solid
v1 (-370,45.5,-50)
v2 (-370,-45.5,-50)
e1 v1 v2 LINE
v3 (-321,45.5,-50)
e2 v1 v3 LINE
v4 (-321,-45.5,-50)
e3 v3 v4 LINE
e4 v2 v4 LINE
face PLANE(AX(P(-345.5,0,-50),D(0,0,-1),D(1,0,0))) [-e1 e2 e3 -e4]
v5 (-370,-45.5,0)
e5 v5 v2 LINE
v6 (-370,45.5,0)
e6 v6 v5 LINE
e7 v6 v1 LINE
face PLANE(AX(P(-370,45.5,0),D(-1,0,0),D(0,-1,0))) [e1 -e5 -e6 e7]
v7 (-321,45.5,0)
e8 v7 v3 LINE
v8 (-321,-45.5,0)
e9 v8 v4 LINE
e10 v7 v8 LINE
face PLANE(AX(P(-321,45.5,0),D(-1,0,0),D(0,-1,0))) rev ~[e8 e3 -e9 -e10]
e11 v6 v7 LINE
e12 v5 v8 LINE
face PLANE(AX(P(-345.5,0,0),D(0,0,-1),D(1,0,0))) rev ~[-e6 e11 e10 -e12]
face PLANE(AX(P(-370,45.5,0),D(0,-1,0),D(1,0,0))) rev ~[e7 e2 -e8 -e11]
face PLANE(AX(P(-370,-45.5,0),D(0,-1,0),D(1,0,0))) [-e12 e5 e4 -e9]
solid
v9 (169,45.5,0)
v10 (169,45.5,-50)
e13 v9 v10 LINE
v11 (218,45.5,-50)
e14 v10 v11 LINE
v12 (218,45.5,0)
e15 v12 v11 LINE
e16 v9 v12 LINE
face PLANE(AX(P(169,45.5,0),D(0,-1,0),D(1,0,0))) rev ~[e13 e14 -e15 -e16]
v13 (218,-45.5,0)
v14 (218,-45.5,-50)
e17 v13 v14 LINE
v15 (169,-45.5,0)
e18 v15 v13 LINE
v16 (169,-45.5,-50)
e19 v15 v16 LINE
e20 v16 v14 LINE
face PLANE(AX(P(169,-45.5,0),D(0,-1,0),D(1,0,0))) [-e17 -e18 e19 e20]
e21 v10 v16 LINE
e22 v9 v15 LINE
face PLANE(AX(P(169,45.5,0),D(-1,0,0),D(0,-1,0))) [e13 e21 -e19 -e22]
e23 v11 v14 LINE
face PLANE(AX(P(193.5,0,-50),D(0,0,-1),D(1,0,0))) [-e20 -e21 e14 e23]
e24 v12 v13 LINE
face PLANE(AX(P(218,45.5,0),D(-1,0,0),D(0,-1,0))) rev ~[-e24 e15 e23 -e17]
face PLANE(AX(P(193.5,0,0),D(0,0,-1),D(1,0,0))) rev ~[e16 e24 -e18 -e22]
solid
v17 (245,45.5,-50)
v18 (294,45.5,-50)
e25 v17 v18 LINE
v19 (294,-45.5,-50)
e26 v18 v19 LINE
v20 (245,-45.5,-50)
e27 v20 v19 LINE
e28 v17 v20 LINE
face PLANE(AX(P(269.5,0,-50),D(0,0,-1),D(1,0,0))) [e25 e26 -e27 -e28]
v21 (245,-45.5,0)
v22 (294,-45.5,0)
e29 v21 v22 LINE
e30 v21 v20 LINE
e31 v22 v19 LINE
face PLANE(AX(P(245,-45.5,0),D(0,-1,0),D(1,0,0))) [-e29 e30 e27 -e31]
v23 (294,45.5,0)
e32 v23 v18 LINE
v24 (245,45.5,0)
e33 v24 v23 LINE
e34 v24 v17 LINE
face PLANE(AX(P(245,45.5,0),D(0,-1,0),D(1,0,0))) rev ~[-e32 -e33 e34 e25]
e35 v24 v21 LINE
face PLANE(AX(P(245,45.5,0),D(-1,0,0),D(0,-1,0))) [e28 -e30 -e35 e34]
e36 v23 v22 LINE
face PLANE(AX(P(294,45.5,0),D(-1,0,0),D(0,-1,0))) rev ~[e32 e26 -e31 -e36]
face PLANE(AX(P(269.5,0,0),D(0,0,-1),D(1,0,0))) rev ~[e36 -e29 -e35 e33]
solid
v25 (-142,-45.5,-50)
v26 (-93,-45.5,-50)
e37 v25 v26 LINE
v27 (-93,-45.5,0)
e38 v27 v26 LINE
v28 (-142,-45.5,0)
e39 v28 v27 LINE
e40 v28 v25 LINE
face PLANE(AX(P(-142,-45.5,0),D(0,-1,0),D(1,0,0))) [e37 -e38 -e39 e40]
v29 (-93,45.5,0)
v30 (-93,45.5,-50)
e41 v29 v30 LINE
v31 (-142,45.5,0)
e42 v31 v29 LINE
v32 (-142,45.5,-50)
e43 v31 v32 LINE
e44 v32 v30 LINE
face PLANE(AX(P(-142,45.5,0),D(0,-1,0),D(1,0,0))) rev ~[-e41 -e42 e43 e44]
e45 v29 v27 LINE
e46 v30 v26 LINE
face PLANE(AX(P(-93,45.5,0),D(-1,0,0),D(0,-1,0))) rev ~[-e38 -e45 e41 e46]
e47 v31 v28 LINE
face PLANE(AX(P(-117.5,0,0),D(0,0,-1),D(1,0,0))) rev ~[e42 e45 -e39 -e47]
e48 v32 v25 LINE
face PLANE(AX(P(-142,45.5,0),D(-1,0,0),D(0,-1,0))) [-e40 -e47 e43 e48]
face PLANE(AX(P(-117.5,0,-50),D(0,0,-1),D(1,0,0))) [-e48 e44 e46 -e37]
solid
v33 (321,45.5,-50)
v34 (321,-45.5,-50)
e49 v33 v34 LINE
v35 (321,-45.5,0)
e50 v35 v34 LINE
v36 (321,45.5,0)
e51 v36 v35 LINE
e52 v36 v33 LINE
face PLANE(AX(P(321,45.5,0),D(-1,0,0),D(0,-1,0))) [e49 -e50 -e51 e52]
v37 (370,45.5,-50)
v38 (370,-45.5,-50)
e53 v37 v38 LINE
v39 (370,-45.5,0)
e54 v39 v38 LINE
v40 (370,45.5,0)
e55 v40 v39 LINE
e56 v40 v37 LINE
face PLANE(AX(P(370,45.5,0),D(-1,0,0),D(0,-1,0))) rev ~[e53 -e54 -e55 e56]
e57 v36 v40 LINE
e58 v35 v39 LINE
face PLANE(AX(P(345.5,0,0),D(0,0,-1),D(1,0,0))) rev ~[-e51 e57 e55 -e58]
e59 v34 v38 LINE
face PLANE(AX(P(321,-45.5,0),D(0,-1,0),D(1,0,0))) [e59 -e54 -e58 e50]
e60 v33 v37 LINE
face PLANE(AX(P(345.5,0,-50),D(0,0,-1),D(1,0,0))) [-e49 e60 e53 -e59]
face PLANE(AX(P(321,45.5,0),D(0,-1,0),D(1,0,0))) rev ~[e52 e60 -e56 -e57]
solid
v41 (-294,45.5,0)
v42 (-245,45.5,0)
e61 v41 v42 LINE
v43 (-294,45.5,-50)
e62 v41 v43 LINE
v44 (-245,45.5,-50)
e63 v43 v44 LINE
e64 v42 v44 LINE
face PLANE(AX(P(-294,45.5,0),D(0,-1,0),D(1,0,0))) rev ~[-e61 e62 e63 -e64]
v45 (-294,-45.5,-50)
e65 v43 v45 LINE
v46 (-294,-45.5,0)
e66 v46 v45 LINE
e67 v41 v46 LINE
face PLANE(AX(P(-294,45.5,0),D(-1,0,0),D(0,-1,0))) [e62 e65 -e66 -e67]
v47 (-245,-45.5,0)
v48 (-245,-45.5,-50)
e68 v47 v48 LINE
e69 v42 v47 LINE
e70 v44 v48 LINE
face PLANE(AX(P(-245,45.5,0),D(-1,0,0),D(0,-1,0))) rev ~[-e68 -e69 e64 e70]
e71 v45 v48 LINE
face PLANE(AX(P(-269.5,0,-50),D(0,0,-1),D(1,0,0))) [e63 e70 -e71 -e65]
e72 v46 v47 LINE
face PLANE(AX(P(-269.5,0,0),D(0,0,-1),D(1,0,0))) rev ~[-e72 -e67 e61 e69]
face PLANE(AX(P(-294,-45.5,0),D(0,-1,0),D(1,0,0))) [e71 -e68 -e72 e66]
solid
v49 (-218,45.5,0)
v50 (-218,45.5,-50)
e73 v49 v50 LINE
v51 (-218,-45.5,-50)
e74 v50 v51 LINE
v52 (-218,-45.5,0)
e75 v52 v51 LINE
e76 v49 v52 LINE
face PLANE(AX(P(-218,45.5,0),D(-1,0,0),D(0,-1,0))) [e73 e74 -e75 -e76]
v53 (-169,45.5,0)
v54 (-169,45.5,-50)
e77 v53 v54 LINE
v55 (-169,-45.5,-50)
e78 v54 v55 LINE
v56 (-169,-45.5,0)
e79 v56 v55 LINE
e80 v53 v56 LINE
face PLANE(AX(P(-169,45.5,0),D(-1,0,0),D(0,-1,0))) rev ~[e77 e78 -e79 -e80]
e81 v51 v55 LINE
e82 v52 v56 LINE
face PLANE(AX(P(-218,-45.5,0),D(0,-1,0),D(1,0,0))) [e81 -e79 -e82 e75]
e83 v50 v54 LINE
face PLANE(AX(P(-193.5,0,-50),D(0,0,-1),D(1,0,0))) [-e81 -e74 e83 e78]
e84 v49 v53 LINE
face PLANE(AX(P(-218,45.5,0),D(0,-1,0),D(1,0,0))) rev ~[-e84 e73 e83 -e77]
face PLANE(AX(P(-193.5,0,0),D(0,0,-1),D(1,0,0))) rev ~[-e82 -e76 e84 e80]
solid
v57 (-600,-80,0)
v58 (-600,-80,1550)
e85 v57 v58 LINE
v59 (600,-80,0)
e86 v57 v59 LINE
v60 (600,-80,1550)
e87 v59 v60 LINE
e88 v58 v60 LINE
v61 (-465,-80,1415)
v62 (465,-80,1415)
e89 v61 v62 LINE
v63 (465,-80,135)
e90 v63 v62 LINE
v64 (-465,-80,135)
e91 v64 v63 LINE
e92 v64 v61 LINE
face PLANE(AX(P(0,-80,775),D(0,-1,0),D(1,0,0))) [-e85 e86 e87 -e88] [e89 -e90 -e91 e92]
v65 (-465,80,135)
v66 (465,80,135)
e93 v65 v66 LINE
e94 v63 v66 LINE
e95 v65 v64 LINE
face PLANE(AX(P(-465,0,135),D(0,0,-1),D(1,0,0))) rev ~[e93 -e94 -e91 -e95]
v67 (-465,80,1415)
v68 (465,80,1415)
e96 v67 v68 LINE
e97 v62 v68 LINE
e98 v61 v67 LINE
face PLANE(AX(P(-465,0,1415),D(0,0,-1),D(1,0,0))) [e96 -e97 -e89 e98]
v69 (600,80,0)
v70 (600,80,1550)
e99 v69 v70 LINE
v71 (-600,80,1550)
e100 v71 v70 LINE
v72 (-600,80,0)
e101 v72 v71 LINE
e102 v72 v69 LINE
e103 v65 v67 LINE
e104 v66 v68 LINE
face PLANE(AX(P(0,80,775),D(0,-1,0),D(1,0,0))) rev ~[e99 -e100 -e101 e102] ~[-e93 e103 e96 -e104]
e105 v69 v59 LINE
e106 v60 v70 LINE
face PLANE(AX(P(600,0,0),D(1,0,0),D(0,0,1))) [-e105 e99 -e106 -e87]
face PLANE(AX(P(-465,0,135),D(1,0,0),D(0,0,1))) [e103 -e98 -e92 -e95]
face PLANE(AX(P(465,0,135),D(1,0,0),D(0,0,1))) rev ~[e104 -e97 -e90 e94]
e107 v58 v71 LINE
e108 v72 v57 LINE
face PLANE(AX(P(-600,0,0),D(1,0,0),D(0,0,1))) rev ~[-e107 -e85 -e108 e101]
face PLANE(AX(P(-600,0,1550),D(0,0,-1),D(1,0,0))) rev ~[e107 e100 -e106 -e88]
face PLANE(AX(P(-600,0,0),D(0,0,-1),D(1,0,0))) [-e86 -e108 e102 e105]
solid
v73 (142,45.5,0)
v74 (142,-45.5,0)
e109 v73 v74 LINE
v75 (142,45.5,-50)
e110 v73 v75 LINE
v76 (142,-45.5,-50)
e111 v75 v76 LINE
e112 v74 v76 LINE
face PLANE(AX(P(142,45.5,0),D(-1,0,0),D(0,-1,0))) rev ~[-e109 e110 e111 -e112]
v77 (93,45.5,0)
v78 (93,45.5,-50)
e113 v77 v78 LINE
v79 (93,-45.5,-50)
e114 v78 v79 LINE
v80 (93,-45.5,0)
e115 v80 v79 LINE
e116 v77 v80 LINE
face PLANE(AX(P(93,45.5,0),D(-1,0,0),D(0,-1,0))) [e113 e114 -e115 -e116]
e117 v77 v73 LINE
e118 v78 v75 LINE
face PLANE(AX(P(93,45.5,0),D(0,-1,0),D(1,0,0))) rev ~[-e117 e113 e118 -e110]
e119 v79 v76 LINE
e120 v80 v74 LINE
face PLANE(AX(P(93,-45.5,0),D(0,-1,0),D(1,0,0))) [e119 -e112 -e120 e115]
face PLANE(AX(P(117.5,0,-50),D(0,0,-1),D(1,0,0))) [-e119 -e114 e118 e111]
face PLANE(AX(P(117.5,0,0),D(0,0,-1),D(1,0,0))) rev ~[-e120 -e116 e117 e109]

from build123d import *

# Parameters (mm, degrees)
F0_W     = 1200
F0_H     = 1550
F0_W_2   = 930
F0_H_2   = 1280
F1_DEPTH = 80
F2_W     = 49
F2_H     = 91
F3_DEPTH = 50


with BuildPart() as f1:
    # F0 (on Front) → F1 (new body, symmetric)
    with BuildSketch(Plane.XZ):
        with Locations((0, 775)):
            Rectangle(F0_W, F0_H)
        with Locations((0, 775)):
            Rectangle(F0_W_2, F0_H_2, mode=Mode.SUBTRACT)
    extrude(amount=F1_DEPTH, both=True)


with BuildPart() as f3:
    # F2 (on face) → F3 (new body)
    with BuildSketch(Plane(origin=(0, 0, 0), x_dir=(1, 0, 0), z_dir=(0, 0, -1))):
        with Locations((-345.5, 0)):
            Rectangle(F2_W, F2_H)
        with Locations((-269.5, 0)):
            Rectangle(F2_W, F2_H)
        with Locations((-193.5, 0)):
            Rectangle(F2_W, F2_H)
        with Locations((-117.5, 0)):
            Rectangle(F2_W, F2_H)
        with Locations((345.5, 0)):
            Rectangle(F2_W, F2_H)
        with Locations((117.5, 0)):
            Rectangle(F2_W, F2_H)
        with Locations((193.5, 0)):
            Rectangle(F2_W, F2_H)
        with Locations((269.5, 0)):
            Rectangle(F2_W, F2_H)
    extrude(amount=F3_DEPTH)


solid = Compound([f1.part, f3.part])
